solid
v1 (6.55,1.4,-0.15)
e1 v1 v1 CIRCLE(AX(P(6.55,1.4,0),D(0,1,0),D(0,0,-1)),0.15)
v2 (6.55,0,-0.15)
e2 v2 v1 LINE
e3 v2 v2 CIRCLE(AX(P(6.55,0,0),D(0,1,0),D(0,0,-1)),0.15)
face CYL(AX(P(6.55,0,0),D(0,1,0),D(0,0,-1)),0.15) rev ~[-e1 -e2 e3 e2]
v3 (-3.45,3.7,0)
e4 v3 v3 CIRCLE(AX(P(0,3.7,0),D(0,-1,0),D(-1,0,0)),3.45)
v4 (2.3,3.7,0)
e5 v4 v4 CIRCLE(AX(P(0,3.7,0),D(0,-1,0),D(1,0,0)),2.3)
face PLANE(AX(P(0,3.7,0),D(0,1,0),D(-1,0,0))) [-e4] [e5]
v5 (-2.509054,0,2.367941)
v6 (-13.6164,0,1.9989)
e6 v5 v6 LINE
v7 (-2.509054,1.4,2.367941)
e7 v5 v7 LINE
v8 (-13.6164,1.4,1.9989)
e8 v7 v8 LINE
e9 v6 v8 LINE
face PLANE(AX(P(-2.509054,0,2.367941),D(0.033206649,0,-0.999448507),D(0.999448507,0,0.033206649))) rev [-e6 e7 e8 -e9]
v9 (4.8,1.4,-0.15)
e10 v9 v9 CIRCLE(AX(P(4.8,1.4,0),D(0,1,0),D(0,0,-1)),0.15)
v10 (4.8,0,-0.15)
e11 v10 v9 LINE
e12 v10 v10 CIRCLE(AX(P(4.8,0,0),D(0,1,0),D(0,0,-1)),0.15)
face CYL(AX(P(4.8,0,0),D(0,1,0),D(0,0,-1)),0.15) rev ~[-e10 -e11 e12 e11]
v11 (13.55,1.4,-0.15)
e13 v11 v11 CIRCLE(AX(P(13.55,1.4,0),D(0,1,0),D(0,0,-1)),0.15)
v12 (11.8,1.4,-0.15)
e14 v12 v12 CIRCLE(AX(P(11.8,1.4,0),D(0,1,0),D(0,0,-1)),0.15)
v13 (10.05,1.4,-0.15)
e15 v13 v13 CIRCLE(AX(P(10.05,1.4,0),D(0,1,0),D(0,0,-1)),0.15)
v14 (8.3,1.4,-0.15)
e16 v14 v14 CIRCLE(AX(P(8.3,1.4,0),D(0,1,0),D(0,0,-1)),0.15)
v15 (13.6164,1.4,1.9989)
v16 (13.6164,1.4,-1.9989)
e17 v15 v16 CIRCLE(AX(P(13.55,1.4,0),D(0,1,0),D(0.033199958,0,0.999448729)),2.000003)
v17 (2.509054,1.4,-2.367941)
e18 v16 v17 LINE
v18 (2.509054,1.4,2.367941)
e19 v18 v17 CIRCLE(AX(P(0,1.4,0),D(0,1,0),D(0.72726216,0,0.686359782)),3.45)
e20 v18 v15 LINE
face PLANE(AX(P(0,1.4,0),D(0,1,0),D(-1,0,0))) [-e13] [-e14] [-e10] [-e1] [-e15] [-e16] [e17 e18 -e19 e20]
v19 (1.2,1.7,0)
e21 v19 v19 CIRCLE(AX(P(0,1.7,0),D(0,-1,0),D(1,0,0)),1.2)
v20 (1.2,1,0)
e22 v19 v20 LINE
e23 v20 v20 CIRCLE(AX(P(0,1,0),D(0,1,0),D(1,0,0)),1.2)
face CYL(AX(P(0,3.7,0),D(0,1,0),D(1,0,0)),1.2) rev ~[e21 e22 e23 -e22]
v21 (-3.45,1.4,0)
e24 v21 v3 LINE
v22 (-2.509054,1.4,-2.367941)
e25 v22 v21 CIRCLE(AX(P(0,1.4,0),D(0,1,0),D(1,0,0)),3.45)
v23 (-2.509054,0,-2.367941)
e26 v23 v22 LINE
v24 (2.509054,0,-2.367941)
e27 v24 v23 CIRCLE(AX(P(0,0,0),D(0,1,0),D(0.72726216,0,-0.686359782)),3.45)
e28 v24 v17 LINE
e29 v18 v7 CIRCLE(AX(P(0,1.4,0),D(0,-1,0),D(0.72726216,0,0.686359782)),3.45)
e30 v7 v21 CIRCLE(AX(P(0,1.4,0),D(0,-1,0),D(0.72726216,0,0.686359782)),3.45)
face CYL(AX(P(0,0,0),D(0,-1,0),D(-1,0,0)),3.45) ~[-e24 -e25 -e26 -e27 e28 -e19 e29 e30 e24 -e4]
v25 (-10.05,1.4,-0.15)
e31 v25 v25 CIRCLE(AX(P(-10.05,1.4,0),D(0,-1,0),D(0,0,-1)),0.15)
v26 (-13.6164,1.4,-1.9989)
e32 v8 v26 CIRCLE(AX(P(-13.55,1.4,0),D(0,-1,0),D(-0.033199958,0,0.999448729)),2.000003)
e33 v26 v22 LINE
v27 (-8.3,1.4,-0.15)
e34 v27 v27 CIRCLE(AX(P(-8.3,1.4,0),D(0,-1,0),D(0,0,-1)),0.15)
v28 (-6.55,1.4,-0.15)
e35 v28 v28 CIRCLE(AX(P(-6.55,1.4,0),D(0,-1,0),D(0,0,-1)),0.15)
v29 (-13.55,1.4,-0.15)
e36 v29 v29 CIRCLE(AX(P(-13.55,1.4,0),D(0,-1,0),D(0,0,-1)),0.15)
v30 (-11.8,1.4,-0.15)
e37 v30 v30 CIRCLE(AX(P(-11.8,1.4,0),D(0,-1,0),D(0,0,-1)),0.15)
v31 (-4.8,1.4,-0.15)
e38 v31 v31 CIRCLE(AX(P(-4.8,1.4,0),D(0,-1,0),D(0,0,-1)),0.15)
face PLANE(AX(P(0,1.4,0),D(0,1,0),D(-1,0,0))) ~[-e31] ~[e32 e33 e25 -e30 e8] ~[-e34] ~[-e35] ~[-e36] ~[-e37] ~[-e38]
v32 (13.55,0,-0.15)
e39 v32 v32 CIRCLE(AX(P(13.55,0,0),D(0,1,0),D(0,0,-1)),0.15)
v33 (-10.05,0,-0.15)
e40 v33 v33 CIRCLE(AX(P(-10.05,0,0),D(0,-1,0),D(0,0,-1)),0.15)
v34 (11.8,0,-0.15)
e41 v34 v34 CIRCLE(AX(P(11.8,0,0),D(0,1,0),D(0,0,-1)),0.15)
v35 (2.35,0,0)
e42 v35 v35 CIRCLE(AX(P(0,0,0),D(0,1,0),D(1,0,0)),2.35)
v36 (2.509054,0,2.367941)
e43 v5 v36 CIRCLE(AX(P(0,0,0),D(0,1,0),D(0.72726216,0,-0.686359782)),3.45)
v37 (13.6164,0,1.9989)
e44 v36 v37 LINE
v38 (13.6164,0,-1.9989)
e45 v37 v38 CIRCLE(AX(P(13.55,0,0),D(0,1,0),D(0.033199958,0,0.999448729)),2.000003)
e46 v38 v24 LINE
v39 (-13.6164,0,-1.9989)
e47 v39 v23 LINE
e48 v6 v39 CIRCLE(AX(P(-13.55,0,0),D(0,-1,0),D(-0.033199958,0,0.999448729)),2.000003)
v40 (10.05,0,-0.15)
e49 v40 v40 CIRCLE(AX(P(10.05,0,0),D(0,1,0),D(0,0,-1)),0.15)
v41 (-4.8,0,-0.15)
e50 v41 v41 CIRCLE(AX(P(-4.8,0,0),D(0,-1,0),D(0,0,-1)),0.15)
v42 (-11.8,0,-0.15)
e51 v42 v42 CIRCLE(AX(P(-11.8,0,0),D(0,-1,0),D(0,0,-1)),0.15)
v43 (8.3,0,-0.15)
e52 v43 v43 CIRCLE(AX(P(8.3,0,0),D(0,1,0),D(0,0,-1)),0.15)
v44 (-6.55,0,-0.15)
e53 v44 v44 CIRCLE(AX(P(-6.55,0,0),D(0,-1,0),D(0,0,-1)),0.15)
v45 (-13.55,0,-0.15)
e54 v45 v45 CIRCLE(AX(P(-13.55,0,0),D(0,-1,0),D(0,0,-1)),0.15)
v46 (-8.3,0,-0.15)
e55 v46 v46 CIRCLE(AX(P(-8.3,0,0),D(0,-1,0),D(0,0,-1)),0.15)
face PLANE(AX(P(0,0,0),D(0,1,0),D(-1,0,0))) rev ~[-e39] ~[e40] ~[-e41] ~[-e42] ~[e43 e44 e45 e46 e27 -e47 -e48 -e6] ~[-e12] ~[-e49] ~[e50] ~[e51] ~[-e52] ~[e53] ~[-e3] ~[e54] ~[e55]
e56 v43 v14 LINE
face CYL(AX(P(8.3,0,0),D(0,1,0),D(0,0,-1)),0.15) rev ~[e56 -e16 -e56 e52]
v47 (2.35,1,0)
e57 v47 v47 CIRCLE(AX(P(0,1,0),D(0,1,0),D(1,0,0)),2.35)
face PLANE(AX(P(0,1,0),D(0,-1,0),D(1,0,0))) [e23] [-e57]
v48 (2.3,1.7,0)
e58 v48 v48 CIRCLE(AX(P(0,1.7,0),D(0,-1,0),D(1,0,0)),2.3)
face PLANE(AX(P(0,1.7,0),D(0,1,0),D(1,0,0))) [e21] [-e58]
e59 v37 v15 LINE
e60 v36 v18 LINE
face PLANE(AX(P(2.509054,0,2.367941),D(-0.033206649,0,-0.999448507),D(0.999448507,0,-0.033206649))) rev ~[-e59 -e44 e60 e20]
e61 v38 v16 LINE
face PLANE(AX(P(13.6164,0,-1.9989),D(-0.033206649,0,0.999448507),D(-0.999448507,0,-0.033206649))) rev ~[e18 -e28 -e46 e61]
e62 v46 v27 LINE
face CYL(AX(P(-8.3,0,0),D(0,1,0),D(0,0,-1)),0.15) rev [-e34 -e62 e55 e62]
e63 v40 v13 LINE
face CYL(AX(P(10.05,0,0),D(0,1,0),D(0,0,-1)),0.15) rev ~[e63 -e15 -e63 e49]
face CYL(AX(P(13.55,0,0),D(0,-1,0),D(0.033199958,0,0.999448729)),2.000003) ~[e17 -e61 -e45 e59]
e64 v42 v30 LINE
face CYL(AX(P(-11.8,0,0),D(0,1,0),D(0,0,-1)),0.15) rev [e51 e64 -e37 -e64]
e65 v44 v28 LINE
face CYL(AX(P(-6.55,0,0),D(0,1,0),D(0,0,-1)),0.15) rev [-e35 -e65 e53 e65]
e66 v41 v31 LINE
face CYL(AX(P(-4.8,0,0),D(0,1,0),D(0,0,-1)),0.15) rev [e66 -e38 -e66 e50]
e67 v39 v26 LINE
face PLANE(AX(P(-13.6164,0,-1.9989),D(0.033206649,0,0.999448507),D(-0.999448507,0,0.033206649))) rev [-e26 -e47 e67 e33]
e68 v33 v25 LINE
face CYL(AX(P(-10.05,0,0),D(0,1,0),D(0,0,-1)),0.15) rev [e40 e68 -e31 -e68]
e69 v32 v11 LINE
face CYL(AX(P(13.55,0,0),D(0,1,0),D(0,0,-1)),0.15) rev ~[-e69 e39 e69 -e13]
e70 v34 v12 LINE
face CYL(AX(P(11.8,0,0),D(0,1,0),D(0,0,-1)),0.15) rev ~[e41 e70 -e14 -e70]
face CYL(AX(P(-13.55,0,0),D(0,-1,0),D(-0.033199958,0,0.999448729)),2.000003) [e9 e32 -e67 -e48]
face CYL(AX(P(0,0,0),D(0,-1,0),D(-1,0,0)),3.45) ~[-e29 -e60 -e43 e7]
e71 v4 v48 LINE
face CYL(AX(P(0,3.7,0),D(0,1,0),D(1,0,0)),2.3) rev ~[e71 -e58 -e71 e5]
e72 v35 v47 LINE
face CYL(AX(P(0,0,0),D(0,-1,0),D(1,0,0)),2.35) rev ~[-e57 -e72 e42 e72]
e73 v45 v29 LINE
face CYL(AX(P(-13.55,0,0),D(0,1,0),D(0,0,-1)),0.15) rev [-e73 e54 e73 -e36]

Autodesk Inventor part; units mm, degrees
ref_plane "YZ Plane" through (0, 0, 0) normal (1, 0, 0) x (0, 1, 0)
ref_plane "XZ Plane" through (0, 0, 0) normal (0, 1, 0) x (-1, 0, 0)
sketch "Sketch1" plane through (0, 0, 0) normal (0, 1, 0) x (-1, 0, 0)
  circle A0 centre (0, 0) radius 3.45
  line L0 (0, 0) -> (-13.55, 0) construction
  line L1 (-0.0814, 2.4486) -> (-13.6164, 1.9989)
  line L2 (-13.6164, -1.9989) -> (-0.0814, -2.4486)
  arc A1 (-0.0814, -2.4486) -> (-0.0814, 2.4486) centre (0, 0) ccw
  arc A2 (-13.6164, 1.9989) -> (-13.6164, -1.9989) centre (-13.55, 0) ccw
  point P0 (-6.775, 0)
  point P1 (-15.55, 0)
  point P2 (3.45, 0)
  dimension "d0" = 6.9
  dimension "d2" = 4
  dimension "d3" = 1
  dimension "d4" = 19
extrude "Extrusion1" add sketch "Sketch1" along normal blind 1.4
extrude "Extrusion2" add sketch "Sketch1" along normal blind 3.7 contours A0 L2 A1 L1 | L1 A1 L2 A0
sketch "Sketch2" plane through (0, 3.7, 0) normal (0, 1, 0) x (1, 0, 0)
  circle A0 centre (0, 0) radius 3.45 construction
  circle A1 centre (0, 0) radius 1.2
  dimension "d9" = 2.4
extrude "Extrusion3" cut sketch "Sketch2" against normal through all
sketch "Sketch3" plane through (0, 3.7, 0) normal (0, 1, 0) x (1, 0, 0)
  circle A0 centre (0, 0) radius 3.45 construction
  circle A1 centre (0, 0) radius 2.3
  dimension "d12" = 4.6
extrude "Extrusion4" cut sketch "Sketch3" against normal blind 2
sketch "Sketch4" plane through (0, 0, 0) normal (0, -1, 0) x (1, 0, 0)
  arc A0 (2.509, 2.368) -> (2.509, -2.368) centre (0, 0) ccw construction
  circle A1 centre (0, 0) radius 2.35
  dimension "d15" = 1.1
extrude "Extrusion5" cut sketch "Sketch4" against normal blind 1
sketch "Sketch5" plane through (0, 0, 0) normal (0, -1, 0) x (1, 0, 0)
  arc A0 (13.6164, -1.9989) -> (13.6164, 1.9989) centre (13.55, 0) ccw construction
  line L0 (13.55, 0) -> (10.05, 0)
  line L1 (10.05, 0) -> (6.55, 0)
  line L2 (6.55, 0) -> (3.05, 0)
  point P0 (8.3, 0)
  point P1 (4.8, 0)
  point P2 (11.8, 0)
  point P3 (4.8, 0)
  dimension "d18" = 3.5
hole "Hole1" at (13.55, 0, 0) at (10.05, 0, 0) at (8.3, 0, 0) at (6.55, 0, 0) at (4.8, 0, 0) at (11.8, 0, 0) direction (0, 1, 0) diameter 0.3 end through all
mirror "Mirror1" about plane through (0, 0, 0) normal (1, 0, 0)
properties part number "SG90Horn2" material "PC/ABS Plastic"
